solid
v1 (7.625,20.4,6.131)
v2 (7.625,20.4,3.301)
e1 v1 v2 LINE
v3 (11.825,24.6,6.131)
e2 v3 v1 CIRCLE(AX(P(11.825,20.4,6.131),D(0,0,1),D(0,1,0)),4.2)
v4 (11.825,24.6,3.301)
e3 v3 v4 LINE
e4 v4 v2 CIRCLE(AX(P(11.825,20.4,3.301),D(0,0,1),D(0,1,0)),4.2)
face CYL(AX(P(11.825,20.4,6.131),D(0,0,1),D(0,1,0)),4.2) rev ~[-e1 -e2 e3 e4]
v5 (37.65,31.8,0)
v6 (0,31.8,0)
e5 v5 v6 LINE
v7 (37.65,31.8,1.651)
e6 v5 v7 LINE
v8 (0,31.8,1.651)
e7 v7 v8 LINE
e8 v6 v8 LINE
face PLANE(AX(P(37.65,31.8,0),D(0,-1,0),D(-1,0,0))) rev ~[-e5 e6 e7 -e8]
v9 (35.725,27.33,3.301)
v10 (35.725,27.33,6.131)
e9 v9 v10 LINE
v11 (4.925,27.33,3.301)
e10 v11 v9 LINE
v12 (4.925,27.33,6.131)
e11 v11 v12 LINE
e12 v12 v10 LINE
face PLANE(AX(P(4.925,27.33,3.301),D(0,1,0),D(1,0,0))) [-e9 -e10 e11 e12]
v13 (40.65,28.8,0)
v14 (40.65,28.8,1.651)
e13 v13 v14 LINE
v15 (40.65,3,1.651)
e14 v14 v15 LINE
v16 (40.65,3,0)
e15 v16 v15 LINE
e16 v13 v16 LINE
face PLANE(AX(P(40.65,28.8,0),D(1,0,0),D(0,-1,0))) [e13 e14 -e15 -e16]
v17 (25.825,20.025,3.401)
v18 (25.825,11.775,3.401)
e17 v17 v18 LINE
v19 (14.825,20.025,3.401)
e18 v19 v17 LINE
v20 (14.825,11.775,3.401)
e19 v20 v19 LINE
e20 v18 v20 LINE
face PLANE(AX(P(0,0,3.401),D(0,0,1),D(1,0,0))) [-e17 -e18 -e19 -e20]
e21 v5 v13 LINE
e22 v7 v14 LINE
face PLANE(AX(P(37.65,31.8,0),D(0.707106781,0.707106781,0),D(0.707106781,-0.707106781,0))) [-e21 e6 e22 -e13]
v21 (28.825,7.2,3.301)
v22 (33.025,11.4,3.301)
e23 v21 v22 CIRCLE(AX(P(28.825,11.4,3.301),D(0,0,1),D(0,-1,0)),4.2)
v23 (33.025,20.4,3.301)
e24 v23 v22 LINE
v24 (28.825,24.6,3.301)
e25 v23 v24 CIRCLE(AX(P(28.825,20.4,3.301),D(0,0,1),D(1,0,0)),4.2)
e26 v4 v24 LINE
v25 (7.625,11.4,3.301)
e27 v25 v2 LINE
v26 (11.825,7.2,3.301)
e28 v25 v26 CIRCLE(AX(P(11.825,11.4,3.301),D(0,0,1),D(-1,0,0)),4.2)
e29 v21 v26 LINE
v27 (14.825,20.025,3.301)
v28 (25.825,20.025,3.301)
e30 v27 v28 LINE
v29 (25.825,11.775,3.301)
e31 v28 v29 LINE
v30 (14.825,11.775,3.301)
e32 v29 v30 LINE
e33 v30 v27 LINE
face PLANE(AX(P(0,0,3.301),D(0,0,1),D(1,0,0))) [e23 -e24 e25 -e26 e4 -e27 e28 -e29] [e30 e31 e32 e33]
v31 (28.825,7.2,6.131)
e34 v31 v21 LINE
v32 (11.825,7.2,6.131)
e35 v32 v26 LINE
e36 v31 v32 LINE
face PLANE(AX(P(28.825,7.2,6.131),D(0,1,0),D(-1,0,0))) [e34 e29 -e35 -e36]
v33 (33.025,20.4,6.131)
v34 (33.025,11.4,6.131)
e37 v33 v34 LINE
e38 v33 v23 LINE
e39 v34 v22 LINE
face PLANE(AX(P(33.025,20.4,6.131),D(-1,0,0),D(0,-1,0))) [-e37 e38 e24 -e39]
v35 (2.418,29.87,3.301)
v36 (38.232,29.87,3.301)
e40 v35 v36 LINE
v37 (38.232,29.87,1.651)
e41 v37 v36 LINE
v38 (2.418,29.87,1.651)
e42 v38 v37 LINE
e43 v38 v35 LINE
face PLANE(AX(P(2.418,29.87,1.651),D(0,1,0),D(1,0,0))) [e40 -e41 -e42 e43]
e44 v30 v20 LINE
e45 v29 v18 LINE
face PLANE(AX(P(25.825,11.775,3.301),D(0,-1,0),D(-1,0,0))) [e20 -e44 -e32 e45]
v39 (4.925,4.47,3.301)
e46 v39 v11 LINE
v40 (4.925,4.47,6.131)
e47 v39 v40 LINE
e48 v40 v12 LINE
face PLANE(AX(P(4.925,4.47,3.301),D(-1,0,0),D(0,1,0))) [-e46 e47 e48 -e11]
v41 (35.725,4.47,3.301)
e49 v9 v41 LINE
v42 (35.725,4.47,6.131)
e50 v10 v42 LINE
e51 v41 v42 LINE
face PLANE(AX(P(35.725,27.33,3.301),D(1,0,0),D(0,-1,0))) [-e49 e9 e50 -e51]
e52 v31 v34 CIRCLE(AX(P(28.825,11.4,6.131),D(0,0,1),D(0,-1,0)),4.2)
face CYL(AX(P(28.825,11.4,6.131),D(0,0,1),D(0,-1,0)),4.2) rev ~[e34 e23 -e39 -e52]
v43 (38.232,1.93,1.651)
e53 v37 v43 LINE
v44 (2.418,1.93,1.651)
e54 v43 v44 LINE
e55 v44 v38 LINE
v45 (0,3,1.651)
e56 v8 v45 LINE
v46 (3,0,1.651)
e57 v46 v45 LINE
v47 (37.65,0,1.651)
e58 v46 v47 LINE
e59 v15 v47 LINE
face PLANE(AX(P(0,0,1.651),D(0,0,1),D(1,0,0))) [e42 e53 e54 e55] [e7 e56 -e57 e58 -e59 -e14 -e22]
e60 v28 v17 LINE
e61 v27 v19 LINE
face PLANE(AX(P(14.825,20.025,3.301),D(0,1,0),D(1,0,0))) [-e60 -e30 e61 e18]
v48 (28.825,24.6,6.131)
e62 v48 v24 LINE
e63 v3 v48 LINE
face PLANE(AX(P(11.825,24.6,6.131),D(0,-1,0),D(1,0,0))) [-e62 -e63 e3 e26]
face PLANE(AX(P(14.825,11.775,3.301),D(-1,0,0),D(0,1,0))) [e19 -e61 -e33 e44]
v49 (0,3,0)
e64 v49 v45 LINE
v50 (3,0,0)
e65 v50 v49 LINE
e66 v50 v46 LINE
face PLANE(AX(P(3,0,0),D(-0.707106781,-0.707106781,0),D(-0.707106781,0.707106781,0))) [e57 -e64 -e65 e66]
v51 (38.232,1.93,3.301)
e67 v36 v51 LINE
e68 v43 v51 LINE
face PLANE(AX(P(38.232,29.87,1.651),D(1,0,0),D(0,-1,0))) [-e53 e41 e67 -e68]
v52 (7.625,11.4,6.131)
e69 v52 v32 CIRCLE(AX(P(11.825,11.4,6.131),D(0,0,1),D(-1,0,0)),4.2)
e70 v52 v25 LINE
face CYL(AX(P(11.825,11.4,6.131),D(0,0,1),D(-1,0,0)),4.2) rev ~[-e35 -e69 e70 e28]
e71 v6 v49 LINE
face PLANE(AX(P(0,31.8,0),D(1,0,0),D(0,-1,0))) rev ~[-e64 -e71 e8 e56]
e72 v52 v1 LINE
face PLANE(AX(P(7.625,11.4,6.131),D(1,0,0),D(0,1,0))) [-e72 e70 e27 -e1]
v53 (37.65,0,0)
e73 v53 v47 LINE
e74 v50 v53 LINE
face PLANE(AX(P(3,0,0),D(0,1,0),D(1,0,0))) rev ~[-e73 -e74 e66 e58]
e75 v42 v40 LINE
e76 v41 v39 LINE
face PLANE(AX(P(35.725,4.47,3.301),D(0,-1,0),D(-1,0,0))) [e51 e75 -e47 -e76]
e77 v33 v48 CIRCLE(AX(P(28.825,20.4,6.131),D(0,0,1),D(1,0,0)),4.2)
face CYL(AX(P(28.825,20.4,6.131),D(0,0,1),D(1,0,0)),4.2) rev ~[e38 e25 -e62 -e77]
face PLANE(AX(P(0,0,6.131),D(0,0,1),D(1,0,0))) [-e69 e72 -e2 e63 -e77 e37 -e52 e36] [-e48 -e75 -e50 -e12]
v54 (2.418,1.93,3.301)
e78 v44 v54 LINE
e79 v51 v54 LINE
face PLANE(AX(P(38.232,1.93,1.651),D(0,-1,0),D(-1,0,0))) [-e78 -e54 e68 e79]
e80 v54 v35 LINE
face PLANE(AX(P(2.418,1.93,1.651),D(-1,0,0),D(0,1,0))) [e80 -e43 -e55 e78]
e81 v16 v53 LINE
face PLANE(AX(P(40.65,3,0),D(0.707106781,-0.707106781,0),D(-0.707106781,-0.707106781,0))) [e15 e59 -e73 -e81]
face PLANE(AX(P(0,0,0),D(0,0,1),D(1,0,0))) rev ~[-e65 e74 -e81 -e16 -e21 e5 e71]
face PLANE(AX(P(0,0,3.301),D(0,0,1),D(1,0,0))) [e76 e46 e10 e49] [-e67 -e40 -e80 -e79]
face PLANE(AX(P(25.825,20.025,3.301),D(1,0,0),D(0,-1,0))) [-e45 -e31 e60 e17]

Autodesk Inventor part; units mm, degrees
ref_plane "YZ Plane" through (0, 0, 0) normal (1, 0, 0) x (0, 1, 0)
ref_plane "XZ Plane" through (0, 0, 0) normal (0, 1, 0) x (-1, 0, 0)
ref_plane "XY Plane" through (0, 0, 0) normal (0, 0, 1) x (1, 0, 0)
sketch "Sketch1" plane through (0, 0, 0) normal (0, 0, 1) x (1, 0, 0)
  line L0 (3, 0) -> (40.64, 0)
  line L1 (37.65, 31.8) -> (0, 31.8)
  line L2 (0, 31.8) -> (0, 3)
  line L3 (37.65, 31.8) -> (40.65, 28.8)
  line L4 (3, 0) -> (0, 3)
  line L5 (40.65, 3) -> (37.65, 0)
  line L6 (40.65, 28.8) -> (40.65, 3)
  point P0 (0, 0)
  dimension "d4" = 3
  dimension "d5" = 45
  dimension "d6" = 45
  dimension "d7" = 3
  dimension "d8" = 31.8
  dimension "d9" = 40.65
  dimension "d10" = 3
extrude "Extrusion1" add sketch "Sketch1" along normal blind 1.651
sketch "Sketch2" plane through (0, 0, 1.651) normal (0, 0, 1) x (1, 0, 0)
  line L0 (2.418, 29.87) -> (38.232, 29.87)
  line L1 (38.232, 29.87) -> (38.232, 1.93)
  line L2 (38.232, 1.93) -> (2.418, 1.93)
  line L3 (2.418, 1.93) -> (2.418, 29.87)
  line L4 (0, 31.8) -> (0, 3) projected
  line L5 (3, 0) -> (37.65, 0) projected
  line L6 (40.65, 3) -> (40.65, 28.8) projected
  point P0 (0, 0)
  point P1 (0, 17.4)
  point P2 (20.325, 1.93)
  point P3 (20.325, 0)
  point P4 (38.232, 15.9)
  point P5 (40.65, 15.9)
  dimension "d13" = 27.94
  dimension "d14" = 35.814
extrude "Extrusion2" add sketch "Sketch2" along normal blind 1.65
sketch "Sketch3" plane through (0, 0, 3.301) normal (0, 0, 1) x (1, 0, 0)
  line L0 (4.925, 27.33) -> (35.725, 27.33)
  line L1 (35.725, 27.33) -> (35.725, 4.47)
  line L2 (35.725, 4.47) -> (4.925, 4.47)
  line L3 (4.925, 4.47) -> (4.925, 27.33)
  line L4 (2.418, 29.87) -> (2.418, 1.93) projected
  line L5 (3, 0) -> (37.65, 0) projected
  point P0 (0, 0)
  point P1 (4.925, 15.9)
  point P2 (2.418, 15.9)
  point P3 (20.325, 4.47)
  point P4 (20.325, 0)
  dimension "d17" = 22.86
  dimension "d18" = 30.8
extrude "Extrusion3" add sketch "Sketch3" along normal blind 2.83
sketch "Sketch4" plane through (0, 0, 6.131) normal (0, 0, 1) x (1, 0, 0)
  line L0 (11.825, 24.6) -> (28.825, 24.6)
  line L1 (33.025, 20.4) -> (33.025, 11.4)
  line L2 (28.825, 7.2) -> (11.825, 7.2)
  line L3 (7.625, 11.4) -> (7.625, 20.4)
  line L4 (4.925, 27.33) -> (4.925, 4.47) projected
  line L5 (2.418, 1.93) -> (38.232, 1.93) projected
  arc A0 (7.625, 11.4) -> (11.825, 7.2) centre (11.825, 11.4) ccw
  arc A1 (11.825, 24.6) -> (7.625, 20.4) centre (11.825, 20.4) ccw
  arc A2 (33.025, 20.4) -> (28.825, 24.6) centre (28.825, 20.4) ccw
  arc A3 (28.825, 7.2) -> (33.025, 11.4) centre (28.825, 11.4) ccw
  point P0 (0, 0)
  point P1 (7.625, 24.6)
  point P2 (33.025, 7.2)
  point P3 (7.625, 7.2)
  point P4 (7.625, 15.9)
  point P5 (4.925, 15.9)
  point P6 (20.325, 7.2)
  point P7 (20.325, 1.93)
  dimension "d21" = 17.4
  dimension "d22" = 25.4
  dimension "d23" = 4.2
extrude "Extrusion4" cut sketch "Sketch4" against normal blind 2.83
sketch "Sketch5" plane through (0, 0, 3.301) normal (0, 0, 1) x (1, 0, 0)
  line L0 (25.825, 11.775) -> (14.825, 11.775)
  line L1 (14.825, 11.775) -> (14.825, 20.025)
  line L2 (14.825, 20.025) -> (25.825, 20.025)
  line L3 (25.825, 20.025) -> (25.825, 11.775)
  line L4 (7.625, 11.4) -> (7.625, 20.4) projected
  line L5 (28.825, 7.2) -> (11.825, 7.2) projected
  point P0 (0, 0)
  point P1 (14.825, 15.9)
  point P2 (7.625, 15.9)
  point P3 (20.325, 11.775)
  point P4 (20.325, 7.2)
  dimension "d26" = 11
  dimension "d27" = 8.25
extrude "Extrusion5" add sketch "Sketch5" along normal blind 0.1
properties part number "DLP"
